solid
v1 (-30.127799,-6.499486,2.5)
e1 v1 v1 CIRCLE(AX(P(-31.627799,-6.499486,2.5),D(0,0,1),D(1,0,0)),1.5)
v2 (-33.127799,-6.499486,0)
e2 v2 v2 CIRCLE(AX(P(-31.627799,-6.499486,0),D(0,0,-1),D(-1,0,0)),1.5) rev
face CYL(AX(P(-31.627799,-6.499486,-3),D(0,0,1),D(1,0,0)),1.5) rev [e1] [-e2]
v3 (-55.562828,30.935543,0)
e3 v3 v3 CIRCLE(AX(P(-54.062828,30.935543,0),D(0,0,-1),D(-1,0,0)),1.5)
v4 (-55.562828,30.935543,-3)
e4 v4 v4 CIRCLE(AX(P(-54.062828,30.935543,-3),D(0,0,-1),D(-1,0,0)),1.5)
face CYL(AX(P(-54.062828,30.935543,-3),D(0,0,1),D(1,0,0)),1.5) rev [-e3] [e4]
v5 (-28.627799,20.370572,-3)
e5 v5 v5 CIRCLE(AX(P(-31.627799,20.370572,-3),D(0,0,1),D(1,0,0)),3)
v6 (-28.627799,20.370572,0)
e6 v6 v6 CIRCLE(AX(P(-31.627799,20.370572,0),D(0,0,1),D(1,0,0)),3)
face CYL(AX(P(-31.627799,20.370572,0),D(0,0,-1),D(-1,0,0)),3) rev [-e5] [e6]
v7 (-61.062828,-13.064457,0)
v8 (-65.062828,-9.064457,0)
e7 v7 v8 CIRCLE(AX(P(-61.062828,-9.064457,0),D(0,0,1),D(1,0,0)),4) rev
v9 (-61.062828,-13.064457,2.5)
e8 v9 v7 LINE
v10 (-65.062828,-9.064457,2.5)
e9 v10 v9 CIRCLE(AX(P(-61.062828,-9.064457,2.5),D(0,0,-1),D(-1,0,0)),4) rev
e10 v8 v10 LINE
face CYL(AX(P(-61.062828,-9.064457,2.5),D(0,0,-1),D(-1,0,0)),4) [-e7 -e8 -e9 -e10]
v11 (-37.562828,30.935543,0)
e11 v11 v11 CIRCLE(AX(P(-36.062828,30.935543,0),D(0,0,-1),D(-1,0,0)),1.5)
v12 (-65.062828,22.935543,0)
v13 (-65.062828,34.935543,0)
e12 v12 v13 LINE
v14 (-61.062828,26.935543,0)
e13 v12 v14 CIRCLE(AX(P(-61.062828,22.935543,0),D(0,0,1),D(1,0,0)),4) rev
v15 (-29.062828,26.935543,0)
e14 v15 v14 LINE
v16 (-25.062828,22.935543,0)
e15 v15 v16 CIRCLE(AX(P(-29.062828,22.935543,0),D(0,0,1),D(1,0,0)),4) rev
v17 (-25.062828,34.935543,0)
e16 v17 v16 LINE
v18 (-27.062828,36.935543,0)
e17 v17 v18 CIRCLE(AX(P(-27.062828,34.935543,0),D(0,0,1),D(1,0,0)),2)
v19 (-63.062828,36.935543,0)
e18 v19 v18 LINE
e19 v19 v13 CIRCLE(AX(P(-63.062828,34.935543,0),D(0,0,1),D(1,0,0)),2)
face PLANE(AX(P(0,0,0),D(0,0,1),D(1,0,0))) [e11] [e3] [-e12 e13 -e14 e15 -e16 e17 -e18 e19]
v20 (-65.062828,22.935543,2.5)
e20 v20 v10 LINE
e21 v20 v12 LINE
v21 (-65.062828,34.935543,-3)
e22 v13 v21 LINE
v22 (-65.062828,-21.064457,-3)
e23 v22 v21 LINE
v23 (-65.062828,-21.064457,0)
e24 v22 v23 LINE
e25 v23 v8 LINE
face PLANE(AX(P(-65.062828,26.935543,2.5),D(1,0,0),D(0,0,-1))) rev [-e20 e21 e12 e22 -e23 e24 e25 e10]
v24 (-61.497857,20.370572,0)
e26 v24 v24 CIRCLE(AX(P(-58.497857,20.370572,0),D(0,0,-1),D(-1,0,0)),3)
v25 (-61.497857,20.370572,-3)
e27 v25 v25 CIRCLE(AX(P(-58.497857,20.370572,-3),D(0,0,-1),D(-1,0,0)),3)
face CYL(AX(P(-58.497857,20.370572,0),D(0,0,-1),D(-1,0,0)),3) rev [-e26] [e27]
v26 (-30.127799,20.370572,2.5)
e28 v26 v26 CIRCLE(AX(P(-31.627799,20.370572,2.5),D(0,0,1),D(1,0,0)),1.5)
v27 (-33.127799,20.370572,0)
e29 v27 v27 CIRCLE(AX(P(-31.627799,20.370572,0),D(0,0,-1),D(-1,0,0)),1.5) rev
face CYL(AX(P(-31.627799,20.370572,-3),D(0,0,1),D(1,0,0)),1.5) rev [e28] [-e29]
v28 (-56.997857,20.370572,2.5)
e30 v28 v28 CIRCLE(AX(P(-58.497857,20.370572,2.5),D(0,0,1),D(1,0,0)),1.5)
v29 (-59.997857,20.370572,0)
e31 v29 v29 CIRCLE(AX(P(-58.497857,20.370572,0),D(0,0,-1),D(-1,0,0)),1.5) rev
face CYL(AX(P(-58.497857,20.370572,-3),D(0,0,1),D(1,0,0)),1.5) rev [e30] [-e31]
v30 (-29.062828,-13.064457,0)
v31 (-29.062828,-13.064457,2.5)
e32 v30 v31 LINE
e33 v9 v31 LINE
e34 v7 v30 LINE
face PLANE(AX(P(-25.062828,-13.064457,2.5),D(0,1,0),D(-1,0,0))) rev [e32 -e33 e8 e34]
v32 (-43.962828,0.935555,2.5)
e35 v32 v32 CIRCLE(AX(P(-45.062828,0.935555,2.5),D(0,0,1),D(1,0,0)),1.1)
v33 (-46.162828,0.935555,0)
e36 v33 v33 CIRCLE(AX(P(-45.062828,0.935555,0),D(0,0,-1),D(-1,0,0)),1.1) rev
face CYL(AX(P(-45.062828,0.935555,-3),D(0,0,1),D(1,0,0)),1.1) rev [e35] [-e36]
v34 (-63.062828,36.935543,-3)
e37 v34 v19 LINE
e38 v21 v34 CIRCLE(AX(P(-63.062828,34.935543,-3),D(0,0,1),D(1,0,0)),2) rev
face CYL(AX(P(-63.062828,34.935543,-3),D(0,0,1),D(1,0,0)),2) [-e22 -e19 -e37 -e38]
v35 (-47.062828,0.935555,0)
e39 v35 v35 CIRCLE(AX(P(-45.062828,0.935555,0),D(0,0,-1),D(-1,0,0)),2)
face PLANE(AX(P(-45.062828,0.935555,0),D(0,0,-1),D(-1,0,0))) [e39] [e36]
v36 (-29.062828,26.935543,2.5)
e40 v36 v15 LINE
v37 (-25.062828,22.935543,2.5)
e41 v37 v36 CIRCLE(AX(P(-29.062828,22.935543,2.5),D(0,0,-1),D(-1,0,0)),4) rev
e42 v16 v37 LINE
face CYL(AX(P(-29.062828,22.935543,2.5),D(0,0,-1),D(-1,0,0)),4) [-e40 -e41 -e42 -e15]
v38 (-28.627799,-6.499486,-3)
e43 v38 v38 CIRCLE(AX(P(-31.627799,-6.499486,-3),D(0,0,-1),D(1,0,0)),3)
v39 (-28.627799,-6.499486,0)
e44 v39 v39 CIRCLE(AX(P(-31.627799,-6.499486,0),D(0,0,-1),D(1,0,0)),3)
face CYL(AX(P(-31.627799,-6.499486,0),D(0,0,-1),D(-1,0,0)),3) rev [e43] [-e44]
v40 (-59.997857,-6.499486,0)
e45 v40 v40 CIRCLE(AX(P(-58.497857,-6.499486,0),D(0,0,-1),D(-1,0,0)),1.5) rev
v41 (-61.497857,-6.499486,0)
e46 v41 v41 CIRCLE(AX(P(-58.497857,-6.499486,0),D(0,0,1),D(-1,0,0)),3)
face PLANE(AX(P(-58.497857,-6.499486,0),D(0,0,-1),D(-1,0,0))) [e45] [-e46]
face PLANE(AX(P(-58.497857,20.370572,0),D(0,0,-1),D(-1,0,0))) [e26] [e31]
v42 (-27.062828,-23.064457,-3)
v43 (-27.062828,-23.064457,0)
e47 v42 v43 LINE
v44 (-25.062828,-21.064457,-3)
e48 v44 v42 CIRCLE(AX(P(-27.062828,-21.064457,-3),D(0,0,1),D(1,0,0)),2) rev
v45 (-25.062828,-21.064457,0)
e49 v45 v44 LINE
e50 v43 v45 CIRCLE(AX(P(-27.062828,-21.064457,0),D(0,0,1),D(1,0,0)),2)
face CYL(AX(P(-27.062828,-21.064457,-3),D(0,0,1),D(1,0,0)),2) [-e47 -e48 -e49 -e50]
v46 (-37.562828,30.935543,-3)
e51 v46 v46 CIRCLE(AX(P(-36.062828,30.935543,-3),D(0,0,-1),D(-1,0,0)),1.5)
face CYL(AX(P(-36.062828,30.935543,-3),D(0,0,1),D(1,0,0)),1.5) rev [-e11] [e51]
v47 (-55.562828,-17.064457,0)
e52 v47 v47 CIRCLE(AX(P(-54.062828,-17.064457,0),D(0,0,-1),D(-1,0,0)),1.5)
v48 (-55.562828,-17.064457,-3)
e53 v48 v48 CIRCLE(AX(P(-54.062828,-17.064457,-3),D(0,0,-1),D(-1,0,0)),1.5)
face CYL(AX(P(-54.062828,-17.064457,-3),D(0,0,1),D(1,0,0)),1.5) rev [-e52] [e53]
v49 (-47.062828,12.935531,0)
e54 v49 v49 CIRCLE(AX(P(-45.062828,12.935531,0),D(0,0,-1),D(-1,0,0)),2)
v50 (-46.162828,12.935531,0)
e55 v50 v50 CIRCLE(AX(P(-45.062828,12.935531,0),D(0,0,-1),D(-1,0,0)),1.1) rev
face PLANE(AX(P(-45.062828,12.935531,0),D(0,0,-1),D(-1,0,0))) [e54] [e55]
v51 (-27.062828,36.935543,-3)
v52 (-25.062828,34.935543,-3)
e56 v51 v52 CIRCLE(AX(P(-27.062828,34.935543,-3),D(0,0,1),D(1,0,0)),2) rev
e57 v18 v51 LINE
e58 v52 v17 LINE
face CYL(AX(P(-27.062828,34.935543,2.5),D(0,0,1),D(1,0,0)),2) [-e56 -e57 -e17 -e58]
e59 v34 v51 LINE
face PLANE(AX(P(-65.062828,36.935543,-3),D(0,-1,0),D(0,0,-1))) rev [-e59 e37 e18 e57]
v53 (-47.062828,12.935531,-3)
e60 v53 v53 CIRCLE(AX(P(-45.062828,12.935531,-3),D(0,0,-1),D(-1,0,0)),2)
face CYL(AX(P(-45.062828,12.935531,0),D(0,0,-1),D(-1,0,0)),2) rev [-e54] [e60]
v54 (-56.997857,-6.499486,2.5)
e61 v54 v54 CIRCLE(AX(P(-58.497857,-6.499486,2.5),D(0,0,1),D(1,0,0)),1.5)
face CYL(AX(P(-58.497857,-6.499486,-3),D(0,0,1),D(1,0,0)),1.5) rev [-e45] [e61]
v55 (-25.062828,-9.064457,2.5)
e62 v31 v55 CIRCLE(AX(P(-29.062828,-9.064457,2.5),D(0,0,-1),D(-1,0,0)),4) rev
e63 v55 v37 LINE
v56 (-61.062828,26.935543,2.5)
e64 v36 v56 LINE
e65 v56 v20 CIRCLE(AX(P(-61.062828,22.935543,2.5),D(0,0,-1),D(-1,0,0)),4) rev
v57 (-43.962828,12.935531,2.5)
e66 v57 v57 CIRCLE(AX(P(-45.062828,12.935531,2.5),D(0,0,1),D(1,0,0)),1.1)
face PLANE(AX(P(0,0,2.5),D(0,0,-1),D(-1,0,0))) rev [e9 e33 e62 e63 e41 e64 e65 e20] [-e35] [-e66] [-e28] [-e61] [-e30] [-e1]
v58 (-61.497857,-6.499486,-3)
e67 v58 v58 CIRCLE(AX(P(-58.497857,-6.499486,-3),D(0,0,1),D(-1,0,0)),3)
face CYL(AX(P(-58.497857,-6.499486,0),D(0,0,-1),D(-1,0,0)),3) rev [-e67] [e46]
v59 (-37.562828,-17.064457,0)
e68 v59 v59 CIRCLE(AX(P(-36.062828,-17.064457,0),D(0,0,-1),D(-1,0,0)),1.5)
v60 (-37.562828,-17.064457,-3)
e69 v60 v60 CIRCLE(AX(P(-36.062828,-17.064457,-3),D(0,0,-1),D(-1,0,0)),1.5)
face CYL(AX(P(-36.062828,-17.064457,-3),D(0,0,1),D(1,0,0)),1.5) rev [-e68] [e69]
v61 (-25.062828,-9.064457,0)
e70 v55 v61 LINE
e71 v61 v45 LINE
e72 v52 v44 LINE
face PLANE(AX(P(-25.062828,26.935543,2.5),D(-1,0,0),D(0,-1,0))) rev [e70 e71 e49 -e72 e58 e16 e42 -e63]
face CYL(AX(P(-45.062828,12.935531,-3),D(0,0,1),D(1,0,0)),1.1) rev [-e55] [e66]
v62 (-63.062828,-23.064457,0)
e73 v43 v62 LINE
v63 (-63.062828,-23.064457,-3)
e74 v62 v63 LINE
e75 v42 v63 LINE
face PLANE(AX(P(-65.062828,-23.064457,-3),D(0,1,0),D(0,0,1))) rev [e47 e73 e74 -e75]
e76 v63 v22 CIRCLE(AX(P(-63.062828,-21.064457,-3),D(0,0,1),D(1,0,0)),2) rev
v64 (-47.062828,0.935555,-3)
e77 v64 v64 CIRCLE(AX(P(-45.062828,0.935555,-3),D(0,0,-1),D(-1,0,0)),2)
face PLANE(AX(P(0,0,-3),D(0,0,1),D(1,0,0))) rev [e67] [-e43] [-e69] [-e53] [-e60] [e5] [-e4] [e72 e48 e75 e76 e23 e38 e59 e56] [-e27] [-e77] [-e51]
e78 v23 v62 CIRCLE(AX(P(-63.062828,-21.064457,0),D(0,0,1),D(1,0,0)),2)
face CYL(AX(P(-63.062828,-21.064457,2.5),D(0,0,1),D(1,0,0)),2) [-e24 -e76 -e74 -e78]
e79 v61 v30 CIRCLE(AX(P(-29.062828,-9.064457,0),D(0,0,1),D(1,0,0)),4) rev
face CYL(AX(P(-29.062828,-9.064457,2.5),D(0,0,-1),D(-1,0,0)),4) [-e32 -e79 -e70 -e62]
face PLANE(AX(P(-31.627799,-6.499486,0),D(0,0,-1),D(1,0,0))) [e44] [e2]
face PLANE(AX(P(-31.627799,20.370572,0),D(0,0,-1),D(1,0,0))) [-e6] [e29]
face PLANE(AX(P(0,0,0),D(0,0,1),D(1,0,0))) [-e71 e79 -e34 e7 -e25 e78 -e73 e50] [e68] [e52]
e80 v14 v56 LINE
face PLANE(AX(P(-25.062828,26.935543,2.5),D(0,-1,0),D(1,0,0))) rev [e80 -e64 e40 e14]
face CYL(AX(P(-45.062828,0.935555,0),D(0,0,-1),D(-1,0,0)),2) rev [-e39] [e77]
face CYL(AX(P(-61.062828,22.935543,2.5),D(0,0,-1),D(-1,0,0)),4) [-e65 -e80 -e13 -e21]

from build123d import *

# Parameters (mm, degrees)
SKETCH_2_W               = 40
SKETCH_2_H               = 40
EXTRUDE_1_DEPTH          = 2.5
SKETCH_5_W               = 40
SKETCH_5_H               = 60
SKETCH_5_R               = 1.5
EXTRUDE_2_DEPTH          = 3
SKETCH_4_R               = 1.5
SKETCH_4_R_2             = 1.10000034
CUT_EXTRUDE_1_DEPTH      = 6.5
FILLET_1_R               = 4
FILLET_5_R               = 2
SKETCH_6_R               = 3
CUT_EXTRUDE_2_DEPTH      = 3
MIRROR_2_COPY_1_SKETCH_R = 3
MIRROR_2_COPY_1_DEPTH    = 3
SKETCH_7_R               = 2
CUT_EXTRUDE_3_DEPTH      = 3


with BuildPart() as part:
    # 草图2 → 凸台-拉伸1 (new body)
    with BuildSketch(Plane.XY):
        with Locations((-45.062828034, 6.935543198)):
            Rectangle(SKETCH_2_W, SKETCH_2_H)
    extrude(amount=EXTRUDE_1_DEPTH)

    # 草图5 → 凸台-拉伸2 (add)
    with BuildSketch(Plane(origin=(0, 0, 0), x_dir=(-1, 0, 0), z_dir=(0, 0, -1))):
        with Locations((45.062828034, 6.935543198)):
            Rectangle(SKETCH_5_W, SKETCH_5_H)
        with Locations((36.062828034, 30.935543198)):
            Circle(SKETCH_5_R, mode=Mode.SUBTRACT)
        with Locations((54.062828034, 30.935543198)):
            Circle(SKETCH_5_R, mode=Mode.SUBTRACT)
        with Locations((54.062828034, -17.064456802)):
            Circle(SKETCH_5_R, mode=Mode.SUBTRACT)
        with Locations((36.062828034, -17.064456802)):
            Circle(SKETCH_5_R, mode=Mode.SUBTRACT)
    extrude(amount=EXTRUDE_2_DEPTH)

    # 草图4 → 切除-拉伸1 (cut, through all)
    with BuildSketch(Plane.XY.offset(2.5)):
        with Locations((-31.627799192, 20.370572041)):
            Circle(SKETCH_4_R)
        with Locations((-58.497856877, 20.370572041)):
            Circle(SKETCH_4_R)
        with Locations((-58.497856877, -6.499485644)):
            Circle(SKETCH_4_R)
        with Locations((-31.627799192, -6.499485644)):
            Circle(SKETCH_4_R)
        with Locations((-45.062828034, 12.935531198)):
            Circle(SKETCH_4_R_2)
        with Locations((-45.062828034, 0.935555198)):
            Circle(SKETCH_4_R_2)
    extrude(amount=-CUT_EXTRUDE_1_DEPTH, mode=Mode.SUBTRACT)

    # 圆角1
    fillet_1_edges = [part.edges().sort_by_distance(p)[0] for p in [
        (-25.062828034, -13.064456802, 1.25),
        (-65.062828034, -13.064456802, 1.25),
        (-65.062828034, 26.935543198, 1.25),
        (-25.062828034, 26.935543198, 1.25),
    ]]
    fillet(fillet_1_edges, radius=FILLET_1_R)

    # 圆角5
    fillet_5_edges = [part.edges().sort_by_distance(p)[0] for p in [
        (-25.062828034, 36.935543198, -1.5),
        (-25.062828034, -23.064456802, -1.5),
        (-65.062828034, -23.064456802, -1.5),
        (-65.062828034, 36.935543198, -1.5),
    ]]
    fillet(fillet_5_edges, radius=FILLET_5_R)

    # 草图6 → 切除-拉伸2 (cut)
    with BuildSketch(Plane(origin=(0, 0, -3), x_dir=(-1, 0, 0), z_dir=(0, 0, -1))):
        with Locations((58.497856877, 20.370572041)):
            Circle(SKETCH_6_R)
    cut_extrude_2 = extrude(amount=-CUT_EXTRUDE_2_DEPTH, mode=Mode.SUBTRACT)

    # 镜向1: 切除-拉伸2 across plane
    add(cut_extrude_2.mirror(Plane.ZX.offset(6.935543198)), mode=Mode.SUBTRACT)

    # 镜向2: 切除-拉伸2 across plane
    add(cut_extrude_2.mirror(Plane.ZY.offset(45.062828034)), mode=Mode.SUBTRACT)

    # 镜向2 copy 1 sketch → 镜向2 copy 1 (cut)
    with BuildSketch(Plane(origin=(-90.125656068, 13.871086397, -3), x_dir=(1, 0, 0), z_dir=(0, 0, -1))):
        with Locations((58.497856877, 20.370572041)):
            Circle(MIRROR_2_COPY_1_SKETCH_R)
    extrude(amount=-MIRROR_2_COPY_1_DEPTH, mode=Mode.SUBTRACT)

    # 草图7 → 切除-拉伸3 (cut)
    with BuildSketch(Plane(origin=(0, 0, -3), x_dir=(-1, 0, 0), z_dir=(0, 0, -1))):
        with Locations((45.062828034, 12.935531198)):
            Circle(SKETCH_7_R)
        with Locations((45.062828034, 0.935555198)):
            Circle(SKETCH_7_R)
    extrude(amount=-CUT_EXTRUDE_3_DEPTH, mode=Mode.SUBTRACT)


solid = part.part
